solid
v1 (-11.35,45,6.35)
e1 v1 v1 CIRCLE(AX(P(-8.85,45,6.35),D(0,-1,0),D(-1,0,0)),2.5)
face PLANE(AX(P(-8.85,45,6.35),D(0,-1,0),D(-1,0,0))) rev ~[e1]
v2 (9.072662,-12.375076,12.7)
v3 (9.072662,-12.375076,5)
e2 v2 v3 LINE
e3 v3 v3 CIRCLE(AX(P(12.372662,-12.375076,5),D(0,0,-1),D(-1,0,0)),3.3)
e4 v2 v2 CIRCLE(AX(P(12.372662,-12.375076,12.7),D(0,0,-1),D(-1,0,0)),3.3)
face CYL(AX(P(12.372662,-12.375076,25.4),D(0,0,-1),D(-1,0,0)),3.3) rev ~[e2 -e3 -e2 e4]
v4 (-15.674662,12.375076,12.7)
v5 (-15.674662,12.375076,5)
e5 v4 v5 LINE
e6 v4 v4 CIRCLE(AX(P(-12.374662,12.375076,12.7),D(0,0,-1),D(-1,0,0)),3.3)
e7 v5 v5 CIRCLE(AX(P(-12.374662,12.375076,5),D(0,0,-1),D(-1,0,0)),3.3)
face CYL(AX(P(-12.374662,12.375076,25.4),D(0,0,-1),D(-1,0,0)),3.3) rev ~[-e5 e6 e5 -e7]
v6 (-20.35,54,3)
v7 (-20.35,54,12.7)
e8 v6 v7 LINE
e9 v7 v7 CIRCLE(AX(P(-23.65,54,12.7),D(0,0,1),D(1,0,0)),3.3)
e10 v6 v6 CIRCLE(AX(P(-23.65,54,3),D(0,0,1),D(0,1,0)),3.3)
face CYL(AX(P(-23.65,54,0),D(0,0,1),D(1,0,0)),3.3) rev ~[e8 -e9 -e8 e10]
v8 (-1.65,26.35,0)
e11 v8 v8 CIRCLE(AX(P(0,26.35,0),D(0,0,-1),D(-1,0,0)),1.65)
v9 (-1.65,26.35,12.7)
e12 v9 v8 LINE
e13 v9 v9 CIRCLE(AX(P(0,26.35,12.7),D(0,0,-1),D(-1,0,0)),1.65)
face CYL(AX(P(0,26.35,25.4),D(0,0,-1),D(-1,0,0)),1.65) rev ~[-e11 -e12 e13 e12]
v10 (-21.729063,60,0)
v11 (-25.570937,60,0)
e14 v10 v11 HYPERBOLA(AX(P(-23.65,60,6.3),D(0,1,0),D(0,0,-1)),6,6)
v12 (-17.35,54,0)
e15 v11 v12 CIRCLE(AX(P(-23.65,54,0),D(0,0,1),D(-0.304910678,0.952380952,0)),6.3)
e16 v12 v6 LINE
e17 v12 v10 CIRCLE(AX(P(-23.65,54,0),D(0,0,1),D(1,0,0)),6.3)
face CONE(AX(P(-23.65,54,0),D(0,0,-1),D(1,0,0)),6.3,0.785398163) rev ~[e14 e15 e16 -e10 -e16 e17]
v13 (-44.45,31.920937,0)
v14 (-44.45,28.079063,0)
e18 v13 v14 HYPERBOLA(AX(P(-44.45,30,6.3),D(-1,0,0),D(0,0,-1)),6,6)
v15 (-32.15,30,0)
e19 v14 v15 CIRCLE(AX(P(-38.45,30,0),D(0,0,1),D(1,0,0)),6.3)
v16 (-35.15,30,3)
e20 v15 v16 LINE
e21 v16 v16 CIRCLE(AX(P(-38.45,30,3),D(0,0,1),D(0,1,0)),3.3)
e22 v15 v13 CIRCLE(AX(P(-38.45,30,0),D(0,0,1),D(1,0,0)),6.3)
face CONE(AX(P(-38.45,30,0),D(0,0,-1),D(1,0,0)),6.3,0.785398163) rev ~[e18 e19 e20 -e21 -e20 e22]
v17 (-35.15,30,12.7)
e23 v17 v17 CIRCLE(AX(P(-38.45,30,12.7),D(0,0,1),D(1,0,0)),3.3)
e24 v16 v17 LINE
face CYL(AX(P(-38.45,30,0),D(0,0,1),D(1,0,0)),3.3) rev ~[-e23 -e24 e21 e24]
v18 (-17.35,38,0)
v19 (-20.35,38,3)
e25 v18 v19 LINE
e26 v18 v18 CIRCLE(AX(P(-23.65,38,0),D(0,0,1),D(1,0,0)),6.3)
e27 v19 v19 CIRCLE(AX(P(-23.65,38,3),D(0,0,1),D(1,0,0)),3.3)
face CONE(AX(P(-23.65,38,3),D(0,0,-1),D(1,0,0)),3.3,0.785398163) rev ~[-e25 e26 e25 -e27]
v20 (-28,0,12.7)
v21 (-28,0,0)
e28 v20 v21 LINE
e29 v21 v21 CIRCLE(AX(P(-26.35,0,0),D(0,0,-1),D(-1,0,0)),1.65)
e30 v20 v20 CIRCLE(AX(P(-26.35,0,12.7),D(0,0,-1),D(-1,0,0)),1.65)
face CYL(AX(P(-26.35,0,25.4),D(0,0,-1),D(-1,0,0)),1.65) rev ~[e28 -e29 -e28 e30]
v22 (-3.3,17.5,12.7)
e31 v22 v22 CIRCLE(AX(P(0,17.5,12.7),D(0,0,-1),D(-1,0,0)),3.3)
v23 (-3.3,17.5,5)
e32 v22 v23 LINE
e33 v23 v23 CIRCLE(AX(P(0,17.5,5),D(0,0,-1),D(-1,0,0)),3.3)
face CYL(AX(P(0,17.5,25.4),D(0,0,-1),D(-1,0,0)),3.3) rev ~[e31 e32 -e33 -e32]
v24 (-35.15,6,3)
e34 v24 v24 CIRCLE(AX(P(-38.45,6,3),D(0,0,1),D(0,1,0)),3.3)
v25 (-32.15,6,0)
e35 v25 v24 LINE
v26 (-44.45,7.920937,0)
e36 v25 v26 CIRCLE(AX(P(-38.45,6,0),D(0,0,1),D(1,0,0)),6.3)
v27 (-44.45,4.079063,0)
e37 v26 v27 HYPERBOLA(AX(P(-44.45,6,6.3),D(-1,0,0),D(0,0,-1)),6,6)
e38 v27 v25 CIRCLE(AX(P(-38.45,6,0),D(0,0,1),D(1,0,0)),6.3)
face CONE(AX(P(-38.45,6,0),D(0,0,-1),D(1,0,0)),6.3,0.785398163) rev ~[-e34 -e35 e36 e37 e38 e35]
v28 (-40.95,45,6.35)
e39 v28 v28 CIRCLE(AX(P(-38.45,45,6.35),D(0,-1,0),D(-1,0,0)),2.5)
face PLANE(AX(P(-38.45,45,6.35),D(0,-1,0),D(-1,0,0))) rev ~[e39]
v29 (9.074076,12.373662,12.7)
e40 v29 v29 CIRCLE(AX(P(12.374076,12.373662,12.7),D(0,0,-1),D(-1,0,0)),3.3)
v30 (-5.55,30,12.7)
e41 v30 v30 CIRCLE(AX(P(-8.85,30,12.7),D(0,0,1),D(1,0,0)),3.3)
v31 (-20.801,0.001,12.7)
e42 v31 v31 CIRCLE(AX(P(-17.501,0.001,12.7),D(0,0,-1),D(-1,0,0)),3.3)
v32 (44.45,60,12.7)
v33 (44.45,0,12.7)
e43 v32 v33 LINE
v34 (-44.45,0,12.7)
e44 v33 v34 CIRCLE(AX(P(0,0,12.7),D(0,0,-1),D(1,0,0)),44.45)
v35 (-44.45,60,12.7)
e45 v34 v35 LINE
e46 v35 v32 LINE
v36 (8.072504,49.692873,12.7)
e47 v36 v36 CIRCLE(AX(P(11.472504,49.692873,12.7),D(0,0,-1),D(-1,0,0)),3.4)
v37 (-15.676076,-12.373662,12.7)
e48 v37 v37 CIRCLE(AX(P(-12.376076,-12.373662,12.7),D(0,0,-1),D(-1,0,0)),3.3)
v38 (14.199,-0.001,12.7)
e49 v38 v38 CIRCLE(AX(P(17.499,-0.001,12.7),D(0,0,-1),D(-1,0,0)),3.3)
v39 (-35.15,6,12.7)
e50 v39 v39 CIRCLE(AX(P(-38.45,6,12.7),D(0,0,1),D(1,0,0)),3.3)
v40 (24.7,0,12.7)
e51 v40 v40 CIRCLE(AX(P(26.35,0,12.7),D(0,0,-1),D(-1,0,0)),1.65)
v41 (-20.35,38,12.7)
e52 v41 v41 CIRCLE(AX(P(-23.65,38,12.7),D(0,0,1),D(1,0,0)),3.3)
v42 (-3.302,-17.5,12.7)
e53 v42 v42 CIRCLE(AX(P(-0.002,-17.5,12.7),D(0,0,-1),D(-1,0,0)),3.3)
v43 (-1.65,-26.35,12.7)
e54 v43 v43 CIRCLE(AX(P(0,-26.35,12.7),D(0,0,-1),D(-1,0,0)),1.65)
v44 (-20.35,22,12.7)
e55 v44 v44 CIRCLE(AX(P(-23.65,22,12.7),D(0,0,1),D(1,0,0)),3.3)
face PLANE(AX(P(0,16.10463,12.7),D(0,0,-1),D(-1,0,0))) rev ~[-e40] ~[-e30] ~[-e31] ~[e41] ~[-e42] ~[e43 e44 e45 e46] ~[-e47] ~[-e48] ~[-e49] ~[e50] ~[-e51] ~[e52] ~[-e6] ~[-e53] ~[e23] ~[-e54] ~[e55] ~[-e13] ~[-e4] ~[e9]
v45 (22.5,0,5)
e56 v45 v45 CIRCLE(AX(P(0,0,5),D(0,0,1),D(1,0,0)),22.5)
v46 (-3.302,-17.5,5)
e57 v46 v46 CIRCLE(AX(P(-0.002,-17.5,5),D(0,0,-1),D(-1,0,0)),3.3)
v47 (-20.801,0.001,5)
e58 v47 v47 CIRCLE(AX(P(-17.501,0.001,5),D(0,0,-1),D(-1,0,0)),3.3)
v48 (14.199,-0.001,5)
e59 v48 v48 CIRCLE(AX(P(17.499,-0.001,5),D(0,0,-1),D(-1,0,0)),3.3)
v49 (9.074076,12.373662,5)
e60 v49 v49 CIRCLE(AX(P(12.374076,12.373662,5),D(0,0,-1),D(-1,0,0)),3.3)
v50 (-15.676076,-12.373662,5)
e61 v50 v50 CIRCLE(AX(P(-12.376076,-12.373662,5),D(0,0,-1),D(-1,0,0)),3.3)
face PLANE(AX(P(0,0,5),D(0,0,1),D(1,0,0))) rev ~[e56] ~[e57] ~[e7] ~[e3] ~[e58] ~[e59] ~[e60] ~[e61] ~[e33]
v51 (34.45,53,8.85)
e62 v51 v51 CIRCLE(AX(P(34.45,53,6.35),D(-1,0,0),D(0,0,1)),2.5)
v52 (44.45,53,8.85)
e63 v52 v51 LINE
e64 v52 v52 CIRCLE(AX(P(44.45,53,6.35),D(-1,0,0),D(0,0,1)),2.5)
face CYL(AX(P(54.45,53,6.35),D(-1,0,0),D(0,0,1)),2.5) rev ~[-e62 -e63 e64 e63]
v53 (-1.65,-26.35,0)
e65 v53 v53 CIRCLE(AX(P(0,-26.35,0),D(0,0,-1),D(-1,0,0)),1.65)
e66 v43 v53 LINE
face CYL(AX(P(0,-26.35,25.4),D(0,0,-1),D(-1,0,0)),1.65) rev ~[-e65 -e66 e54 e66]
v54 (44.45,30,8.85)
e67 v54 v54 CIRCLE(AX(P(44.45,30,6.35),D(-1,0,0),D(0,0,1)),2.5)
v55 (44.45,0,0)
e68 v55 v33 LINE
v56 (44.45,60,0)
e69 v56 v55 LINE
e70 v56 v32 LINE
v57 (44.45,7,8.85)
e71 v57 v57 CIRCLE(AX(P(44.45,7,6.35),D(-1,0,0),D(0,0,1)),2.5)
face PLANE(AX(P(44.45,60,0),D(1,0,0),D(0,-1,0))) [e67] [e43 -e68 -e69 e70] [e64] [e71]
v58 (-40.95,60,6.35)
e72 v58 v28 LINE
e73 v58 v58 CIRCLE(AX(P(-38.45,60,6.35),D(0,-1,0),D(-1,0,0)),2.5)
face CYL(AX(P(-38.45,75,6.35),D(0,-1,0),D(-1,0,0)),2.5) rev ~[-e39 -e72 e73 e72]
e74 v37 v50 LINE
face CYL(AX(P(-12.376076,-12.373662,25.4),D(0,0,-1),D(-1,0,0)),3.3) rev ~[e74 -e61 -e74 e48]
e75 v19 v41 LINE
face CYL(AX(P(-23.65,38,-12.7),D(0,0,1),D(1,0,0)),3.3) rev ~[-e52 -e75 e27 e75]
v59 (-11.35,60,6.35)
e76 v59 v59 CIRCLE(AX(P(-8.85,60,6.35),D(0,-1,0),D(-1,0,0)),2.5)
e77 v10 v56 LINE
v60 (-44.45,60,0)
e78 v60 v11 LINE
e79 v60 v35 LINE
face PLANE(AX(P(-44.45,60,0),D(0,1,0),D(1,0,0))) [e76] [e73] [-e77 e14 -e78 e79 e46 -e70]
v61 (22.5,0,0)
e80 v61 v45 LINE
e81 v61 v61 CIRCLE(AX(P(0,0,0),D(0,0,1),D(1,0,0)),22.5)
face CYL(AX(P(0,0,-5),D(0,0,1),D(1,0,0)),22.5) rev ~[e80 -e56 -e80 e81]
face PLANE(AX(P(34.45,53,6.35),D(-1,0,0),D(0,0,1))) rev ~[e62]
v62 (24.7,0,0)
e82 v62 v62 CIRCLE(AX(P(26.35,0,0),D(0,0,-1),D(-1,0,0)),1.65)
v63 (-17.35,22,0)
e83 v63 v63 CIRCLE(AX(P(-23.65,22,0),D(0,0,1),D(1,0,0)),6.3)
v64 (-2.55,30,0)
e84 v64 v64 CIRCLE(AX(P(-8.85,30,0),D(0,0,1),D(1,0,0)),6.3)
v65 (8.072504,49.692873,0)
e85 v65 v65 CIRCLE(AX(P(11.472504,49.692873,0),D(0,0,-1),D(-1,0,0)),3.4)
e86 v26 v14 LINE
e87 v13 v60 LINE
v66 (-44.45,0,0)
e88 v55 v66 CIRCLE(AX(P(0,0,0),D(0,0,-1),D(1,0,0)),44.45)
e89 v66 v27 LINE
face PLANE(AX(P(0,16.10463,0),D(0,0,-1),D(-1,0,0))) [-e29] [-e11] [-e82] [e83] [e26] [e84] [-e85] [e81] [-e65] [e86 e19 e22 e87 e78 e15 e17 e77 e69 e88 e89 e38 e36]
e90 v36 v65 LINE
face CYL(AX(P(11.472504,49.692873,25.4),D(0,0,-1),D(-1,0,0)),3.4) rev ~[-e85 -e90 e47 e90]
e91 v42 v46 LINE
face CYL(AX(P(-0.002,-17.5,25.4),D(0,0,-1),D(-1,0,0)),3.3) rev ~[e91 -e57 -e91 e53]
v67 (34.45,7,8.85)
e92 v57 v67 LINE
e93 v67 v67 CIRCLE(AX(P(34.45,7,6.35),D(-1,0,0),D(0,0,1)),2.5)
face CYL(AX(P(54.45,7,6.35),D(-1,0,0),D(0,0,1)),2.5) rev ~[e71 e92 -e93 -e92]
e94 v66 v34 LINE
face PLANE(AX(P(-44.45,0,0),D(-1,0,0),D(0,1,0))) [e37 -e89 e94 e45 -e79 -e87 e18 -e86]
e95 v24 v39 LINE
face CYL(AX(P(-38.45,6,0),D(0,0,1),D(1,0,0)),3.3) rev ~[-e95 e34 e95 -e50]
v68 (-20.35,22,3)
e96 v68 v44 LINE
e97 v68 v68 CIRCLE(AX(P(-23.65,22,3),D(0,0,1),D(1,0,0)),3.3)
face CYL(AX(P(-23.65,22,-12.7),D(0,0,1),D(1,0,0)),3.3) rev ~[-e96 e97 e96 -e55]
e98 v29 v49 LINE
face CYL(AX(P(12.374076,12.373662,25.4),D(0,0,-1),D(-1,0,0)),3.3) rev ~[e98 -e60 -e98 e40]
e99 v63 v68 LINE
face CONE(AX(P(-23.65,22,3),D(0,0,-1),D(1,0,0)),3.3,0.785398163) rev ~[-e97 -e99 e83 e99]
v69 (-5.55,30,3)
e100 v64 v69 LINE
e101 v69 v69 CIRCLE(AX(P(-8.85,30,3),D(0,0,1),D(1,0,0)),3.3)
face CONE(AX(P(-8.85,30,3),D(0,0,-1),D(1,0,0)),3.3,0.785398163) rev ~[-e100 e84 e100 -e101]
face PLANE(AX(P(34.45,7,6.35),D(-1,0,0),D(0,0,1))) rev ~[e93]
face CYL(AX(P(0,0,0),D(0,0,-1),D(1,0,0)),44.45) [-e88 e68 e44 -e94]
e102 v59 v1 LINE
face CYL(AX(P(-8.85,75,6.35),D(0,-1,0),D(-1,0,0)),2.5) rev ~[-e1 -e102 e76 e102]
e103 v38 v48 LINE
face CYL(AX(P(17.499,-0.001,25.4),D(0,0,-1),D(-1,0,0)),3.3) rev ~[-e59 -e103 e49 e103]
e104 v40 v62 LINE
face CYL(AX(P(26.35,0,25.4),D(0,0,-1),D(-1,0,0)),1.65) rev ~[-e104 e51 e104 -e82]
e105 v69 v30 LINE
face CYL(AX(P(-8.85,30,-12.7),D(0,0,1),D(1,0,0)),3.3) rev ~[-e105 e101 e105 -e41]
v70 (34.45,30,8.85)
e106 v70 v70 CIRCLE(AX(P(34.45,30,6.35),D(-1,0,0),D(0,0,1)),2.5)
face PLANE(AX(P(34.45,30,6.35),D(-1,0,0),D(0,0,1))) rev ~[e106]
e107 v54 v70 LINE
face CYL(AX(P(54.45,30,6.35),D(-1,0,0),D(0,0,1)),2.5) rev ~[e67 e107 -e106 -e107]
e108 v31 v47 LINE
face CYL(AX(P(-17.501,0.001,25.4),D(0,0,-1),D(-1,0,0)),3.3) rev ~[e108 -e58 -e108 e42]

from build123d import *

# Parameters (mm, degrees)
BOSS_EXTRUDE1_DEPTH                                 = 12.7
F_4_CLEARANCE_HOLE1_D                               = 3.3
F_4_CLEARANCE_HOLE1_DEPTH                           = 12.7
F_1_4_CLEARANCE_HOLE1_D                             = 6.6
F_1_4_CLEARANCE_HOLE1_DEPTH                         = 12.7
F_1_4_CLEARANCE_HOLE2_D                             = 6.8
F_1_4_CLEARANCE_HOLE2_DEPTH                         = 12.7
CSK_FOR_1_4_FLAT_HEAD_MACHINE_SCREW_100_D           = 6.6
CSK_FOR_1_4_FLAT_HEAD_MACHINE_SCREW_100_DEPTH       = 12.7
CSK_FOR_1_4_FLAT_HEAD_MACHINE_SCREW_100_CSINK_D     = 12.6
CSK_FOR_1_4_FLAT_HEAD_MACHINE_SCREW_100_CSINK_ANGLE = 90
F_10_CLEARANCE_HOLE1_D                              = 5
F_10_CLEARANCE_HOLE1_DEPTH                          = 15
F_10_CLEARANCE_HOLE2_D                              = 5
F_10_CLEARANCE_HOLE2_DEPTH                          = 10
F_1_3_4_CLEARANCE_HOLE1_D                           = 45
F_1_3_4_CLEARANCE_HOLE1_DEPTH                       = 5
F_1_4_CLEARANCE_HOLE3_D                             = 6.6
F_1_4_CLEARANCE_HOLE3_DEPTH                         = 12.7
CHAMFER1_SIZE                                       = 3


with BuildPart() as part:
    # Sketch1 → Boss-Extrude1 (new body)
    with BuildSketch(Plane(origin=(0, 0, 0), x_dir=(-1, 0, 0), z_dir=(0, 0, -1))):
        with BuildLine():
            Line((44.45, 0), (44.45, 60))
            Line((44.45, 60), (-44.45, 60))
            Line((-44.45, 60), (-44.45, 0))
            ThreePointArc((-44.45, 0), (0, -44.45), (44.45, 0))
        make_face()
    extrude(amount=-BOSS_EXTRUDE1_DEPTH)

    # #4 Clearance Hole1
    with Locations(Plane.XY.offset(12.7)):
        with Locations((26.35, 0), (0, -26.35), (-26.35, 0), (0, 26.35)):
            Hole(F_4_CLEARANCE_HOLE1_D / 2, depth=F_4_CLEARANCE_HOLE1_DEPTH)

    # 1/4 Clearance Hole1
    with Locations(Plane(origin=(0, 0, 0), x_dir=(-1, 0, 0), z_dir=(0, 0, -1))):
        with Locations((8.85, 30), (23.65, 38), (23.65, 22)):
            Hole(F_1_4_CLEARANCE_HOLE1_D / 2, depth=F_1_4_CLEARANCE_HOLE1_DEPTH)

    # 1/4 Clearance Hole2
    with Locations(Plane.XY.offset(12.7)):
        with Locations((11.472503772, 49.692873304)):
            Hole(F_1_4_CLEARANCE_HOLE2_D / 2, depth=F_1_4_CLEARANCE_HOLE2_DEPTH)

    # CSK for 1/4 Flat Head Machine Screw (100)1
    with Locations(Plane(origin=(0, 0, 0), x_dir=(-1, 0, 0), z_dir=(0, 0, -1))):
        with Locations((23.65, 54), (38.45, 6), (38.45, 30)):
            CounterSinkHole(CSK_FOR_1_4_FLAT_HEAD_MACHINE_SCREW_100_D / 2, CSK_FOR_1_4_FLAT_HEAD_MACHINE_SCREW_100_CSINK_D / 2, depth=CSK_FOR_1_4_FLAT_HEAD_MACHINE_SCREW_100_DEPTH, counter_sink_angle=CSK_FOR_1_4_FLAT_HEAD_MACHINE_SCREW_100_CSINK_ANGLE)

    # #10 Clearance Hole1
    with Locations(Plane(origin=(0, 60, 0), x_dir=(1, 0, 0), z_dir=(0, 1, 0))):
        with Locations((-38.45, -6.35), (-8.85, -6.35)):
            Hole(F_10_CLEARANCE_HOLE1_D / 2, depth=F_10_CLEARANCE_HOLE1_DEPTH)

    # #10 Clearance Hole2
    with Locations(Plane(origin=(44.45, 0, 0), x_dir=(0, 0, -1), z_dir=(1, 0, 0))):
        with Locations((-6.35, 7), (-6.35, 53), (-6.35, 30)):
            Hole(F_10_CLEARANCE_HOLE2_D / 2, depth=F_10_CLEARANCE_HOLE2_DEPTH)

    # 1-3/4 Clearance Hole1
    with Locations(Plane(origin=(0, 0, 0), x_dir=(-1, 0, 0), z_dir=(0, 0, -1))):
        with Locations((0, 0)):
            Hole(F_1_3_4_CLEARANCE_HOLE1_D / 2, depth=F_1_3_4_CLEARANCE_HOLE1_DEPTH)

    # 1/4 Clearance Hole3
    with Locations(Plane.XY.offset(12.7)):
        with Locations((12.374075778, 12.373661564), (17.499, -0.001), (12.372661564, -12.375075778), (-0.002, -17.5), (-12.376075778, -12.373661564), (-17.501, 0.001), (-12.374661564, 12.375075778), (0, 17.5)):
            Hole(F_1_4_CLEARANCE_HOLE3_D / 2, depth=F_1_4_CLEARANCE_HOLE3_DEPTH)

    # Chamfer1
    chamfer1_edges = [part.edges().sort_by_distance(p)[0] for p in [
        (-26.95, 22, 0),
        (-26.95, 38, 0),
        (-12.15, 30, 0),
    ]]
    chamfer(chamfer1_edges, length=CHAMFER1_SIZE)


solid = part.part
